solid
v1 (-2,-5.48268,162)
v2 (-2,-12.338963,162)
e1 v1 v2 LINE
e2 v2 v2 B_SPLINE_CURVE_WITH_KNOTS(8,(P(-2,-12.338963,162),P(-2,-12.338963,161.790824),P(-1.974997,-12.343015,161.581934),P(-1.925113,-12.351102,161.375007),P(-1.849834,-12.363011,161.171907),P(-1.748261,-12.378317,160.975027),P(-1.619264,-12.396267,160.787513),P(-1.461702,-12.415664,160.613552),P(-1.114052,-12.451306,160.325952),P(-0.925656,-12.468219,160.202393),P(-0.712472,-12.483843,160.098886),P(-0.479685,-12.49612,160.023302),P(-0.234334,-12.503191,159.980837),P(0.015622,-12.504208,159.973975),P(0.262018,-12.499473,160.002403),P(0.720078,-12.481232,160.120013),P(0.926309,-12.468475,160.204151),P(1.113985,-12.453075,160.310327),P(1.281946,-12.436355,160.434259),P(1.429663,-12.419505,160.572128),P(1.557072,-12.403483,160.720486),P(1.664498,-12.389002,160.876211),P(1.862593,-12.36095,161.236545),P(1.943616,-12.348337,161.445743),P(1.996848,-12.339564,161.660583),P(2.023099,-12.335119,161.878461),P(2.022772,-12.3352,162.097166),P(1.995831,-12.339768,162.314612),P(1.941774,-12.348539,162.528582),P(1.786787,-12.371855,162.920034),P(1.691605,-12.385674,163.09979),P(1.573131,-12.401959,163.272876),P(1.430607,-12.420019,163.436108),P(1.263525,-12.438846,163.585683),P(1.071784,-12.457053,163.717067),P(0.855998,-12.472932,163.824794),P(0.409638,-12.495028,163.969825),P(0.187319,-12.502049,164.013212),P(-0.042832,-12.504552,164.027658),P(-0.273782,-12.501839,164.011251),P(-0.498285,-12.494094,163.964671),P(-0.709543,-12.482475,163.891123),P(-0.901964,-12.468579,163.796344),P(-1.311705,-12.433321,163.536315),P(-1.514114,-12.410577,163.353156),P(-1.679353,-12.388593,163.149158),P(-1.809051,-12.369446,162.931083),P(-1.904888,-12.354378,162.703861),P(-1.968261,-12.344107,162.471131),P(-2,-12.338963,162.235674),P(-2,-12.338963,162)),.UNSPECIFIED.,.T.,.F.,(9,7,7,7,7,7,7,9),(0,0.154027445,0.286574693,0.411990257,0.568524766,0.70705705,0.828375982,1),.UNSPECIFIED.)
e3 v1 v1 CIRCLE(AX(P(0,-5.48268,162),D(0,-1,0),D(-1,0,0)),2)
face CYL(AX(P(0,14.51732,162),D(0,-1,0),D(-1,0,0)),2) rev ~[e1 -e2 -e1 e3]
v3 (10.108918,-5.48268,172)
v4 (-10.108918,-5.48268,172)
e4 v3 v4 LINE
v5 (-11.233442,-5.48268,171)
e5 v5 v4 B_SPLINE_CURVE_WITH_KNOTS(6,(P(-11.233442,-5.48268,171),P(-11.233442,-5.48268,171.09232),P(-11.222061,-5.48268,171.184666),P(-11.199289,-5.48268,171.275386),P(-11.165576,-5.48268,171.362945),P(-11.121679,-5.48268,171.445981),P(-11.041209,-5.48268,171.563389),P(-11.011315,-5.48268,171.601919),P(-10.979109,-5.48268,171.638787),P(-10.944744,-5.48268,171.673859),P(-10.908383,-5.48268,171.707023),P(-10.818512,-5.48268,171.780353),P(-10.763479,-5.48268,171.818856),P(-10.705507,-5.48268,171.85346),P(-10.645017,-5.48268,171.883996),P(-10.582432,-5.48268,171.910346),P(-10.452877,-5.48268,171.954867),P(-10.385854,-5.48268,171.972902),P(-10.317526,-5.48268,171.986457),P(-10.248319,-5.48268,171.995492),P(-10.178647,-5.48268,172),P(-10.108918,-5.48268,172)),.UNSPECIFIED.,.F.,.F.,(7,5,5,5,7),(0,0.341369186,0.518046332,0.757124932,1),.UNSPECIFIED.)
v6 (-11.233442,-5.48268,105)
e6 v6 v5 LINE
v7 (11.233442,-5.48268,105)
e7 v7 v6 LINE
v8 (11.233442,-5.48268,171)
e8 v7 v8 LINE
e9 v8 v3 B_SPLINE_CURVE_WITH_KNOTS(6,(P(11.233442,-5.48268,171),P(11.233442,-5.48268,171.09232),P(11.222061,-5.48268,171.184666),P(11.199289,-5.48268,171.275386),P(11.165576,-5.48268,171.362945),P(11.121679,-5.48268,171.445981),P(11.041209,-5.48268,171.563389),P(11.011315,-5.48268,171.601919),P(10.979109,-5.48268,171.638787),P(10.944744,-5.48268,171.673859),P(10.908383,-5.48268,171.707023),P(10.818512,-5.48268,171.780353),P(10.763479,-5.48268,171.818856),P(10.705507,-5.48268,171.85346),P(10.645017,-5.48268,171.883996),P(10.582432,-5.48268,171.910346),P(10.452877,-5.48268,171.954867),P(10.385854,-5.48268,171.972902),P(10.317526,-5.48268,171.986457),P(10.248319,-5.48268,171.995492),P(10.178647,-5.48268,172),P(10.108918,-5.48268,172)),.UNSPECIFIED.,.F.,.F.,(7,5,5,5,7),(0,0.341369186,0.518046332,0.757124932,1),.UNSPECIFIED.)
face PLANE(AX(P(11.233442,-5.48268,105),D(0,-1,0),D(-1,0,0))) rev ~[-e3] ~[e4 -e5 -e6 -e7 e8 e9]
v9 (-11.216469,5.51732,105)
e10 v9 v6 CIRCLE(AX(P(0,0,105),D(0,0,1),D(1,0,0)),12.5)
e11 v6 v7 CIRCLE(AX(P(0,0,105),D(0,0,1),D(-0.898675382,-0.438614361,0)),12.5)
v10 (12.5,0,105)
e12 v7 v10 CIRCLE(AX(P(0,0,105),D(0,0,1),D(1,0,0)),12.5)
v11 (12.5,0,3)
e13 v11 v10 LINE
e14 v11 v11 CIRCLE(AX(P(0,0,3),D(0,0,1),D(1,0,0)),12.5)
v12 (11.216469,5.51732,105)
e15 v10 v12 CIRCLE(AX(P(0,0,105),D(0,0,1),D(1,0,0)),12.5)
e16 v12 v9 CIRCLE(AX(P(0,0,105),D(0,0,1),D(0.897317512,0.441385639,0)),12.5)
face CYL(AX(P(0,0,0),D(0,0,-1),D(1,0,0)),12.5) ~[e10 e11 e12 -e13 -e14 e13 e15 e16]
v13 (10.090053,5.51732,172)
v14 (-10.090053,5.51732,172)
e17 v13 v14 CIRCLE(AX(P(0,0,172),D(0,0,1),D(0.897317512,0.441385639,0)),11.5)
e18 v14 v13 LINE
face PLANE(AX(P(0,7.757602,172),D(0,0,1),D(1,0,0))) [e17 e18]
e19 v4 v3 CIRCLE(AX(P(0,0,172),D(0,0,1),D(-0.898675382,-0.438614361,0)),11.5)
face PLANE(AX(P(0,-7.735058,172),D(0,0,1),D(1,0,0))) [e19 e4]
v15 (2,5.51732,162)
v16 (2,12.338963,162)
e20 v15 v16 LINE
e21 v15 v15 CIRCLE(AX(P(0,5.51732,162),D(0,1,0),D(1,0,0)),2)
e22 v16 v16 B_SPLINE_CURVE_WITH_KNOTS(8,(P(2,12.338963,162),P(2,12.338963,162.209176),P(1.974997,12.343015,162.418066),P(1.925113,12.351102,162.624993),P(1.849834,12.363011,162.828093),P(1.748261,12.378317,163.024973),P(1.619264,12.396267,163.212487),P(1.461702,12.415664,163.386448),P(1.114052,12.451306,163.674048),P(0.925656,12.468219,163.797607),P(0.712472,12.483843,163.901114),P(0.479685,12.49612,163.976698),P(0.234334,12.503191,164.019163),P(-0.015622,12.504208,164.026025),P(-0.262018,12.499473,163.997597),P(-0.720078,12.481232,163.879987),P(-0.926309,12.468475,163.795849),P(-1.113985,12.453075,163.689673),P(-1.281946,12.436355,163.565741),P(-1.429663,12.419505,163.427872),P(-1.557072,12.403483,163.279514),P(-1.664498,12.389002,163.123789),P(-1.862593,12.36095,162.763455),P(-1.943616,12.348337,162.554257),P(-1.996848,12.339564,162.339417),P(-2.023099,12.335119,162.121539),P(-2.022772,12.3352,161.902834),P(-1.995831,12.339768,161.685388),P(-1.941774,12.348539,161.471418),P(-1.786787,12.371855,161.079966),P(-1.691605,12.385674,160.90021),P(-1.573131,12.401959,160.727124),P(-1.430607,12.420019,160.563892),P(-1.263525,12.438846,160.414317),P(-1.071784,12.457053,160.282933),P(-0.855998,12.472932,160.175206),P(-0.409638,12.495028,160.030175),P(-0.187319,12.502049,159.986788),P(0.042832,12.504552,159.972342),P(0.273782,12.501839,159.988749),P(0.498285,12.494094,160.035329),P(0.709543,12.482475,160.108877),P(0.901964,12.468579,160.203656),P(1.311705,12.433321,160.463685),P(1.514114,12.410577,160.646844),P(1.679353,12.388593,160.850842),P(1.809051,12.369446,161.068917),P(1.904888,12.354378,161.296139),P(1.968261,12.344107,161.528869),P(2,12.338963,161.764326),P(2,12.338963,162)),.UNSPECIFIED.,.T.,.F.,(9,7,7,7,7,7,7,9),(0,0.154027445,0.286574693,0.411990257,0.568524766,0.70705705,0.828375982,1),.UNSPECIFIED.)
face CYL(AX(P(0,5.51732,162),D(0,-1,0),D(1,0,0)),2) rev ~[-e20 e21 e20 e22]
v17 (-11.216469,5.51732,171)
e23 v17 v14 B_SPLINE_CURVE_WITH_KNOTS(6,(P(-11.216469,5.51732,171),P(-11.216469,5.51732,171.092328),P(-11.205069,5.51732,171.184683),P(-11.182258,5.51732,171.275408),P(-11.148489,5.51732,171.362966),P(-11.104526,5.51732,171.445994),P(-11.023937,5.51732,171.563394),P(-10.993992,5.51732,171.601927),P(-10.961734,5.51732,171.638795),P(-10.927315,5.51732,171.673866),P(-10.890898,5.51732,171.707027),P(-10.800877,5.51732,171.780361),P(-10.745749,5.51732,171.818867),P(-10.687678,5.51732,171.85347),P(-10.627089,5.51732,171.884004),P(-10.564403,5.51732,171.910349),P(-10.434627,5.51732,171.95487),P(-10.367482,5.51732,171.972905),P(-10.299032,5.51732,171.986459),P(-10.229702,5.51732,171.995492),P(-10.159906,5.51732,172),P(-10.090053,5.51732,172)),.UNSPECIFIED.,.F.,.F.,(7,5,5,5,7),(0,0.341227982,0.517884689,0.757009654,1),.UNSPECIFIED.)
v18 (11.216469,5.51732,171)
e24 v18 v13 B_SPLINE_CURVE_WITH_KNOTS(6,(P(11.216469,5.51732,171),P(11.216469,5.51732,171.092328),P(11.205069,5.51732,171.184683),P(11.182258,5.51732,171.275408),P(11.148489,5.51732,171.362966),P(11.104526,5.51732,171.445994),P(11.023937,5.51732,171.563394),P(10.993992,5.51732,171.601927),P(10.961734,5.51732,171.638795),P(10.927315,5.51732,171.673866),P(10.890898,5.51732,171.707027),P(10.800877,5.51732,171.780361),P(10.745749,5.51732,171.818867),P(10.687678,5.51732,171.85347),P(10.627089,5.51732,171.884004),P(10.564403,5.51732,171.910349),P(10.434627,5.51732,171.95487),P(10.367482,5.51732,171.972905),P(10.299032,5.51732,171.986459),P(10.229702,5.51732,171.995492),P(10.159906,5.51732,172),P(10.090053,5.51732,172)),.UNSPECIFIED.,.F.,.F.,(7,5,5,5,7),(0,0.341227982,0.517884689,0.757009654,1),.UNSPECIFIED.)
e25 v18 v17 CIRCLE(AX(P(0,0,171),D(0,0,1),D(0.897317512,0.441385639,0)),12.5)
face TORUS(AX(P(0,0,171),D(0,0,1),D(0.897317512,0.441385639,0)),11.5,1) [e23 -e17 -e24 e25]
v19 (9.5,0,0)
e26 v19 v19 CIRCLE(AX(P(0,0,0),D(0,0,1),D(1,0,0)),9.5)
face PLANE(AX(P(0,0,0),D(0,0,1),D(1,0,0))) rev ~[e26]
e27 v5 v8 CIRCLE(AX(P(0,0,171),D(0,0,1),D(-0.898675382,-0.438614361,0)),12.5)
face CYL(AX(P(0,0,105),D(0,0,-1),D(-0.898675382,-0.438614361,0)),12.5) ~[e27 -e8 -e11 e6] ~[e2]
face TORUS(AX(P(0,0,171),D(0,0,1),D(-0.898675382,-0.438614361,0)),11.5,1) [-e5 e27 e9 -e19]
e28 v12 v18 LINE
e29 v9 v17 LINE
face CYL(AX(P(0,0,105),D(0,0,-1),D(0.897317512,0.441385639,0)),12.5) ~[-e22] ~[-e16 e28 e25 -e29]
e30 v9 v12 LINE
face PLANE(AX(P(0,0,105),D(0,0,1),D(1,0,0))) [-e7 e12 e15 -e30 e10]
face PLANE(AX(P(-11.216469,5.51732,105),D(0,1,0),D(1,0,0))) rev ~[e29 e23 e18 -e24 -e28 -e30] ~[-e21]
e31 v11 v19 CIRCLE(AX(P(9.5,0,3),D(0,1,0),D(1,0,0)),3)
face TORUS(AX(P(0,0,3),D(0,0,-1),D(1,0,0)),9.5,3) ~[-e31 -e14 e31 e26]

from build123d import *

# Parameters (mm, degrees)
F0_R     = 12.5
F1_DEPTH = 105
F3_DEPTH = 67
F4_R     = 3
F6_D     = 4
F6_DEPTH = 20
F6_TIP   = 1.2017212381
F7_D     = 4
F7_DEPTH = 20
F7_START = 11
F7_TIP   = 1.2017212381
F8_R     = 1


with BuildPart() as f1:
    # F0 (on Top) → F1 (new body)
    with BuildSketch(Plane.XY):
        Circle(F0_R)
    extrude(amount=F1_DEPTH)

    # F2 (on face) → F3 (join)
    with BuildSketch(Plane.XY.offset(105)):
        with BuildLine():
            Line((11.2334422785, -5.4826795069), (-11.2334422785, -5.4826795069))
            ThreePointArc((-11.2334422785, -5.4826795069), (0, -12.5), (11.2334422785, -5.4826795069))
        make_face()
        with BuildLine():
            ThreePointArc((11.2164688996, 5.5173204931), (0, 12.5), (-11.2164688996, 5.5173204931))
            Line((-11.2164688996, 5.5173204931), (11.2164688996, 5.5173204931))
        make_face()
    extrude(amount=F3_DEPTH)

    # F4
    f4_edges = [f1.edges().sort_by_distance(p)[0] for p in [
        (-12.5, 0, 0),
    ]]
    fillet(f4_edges, radius=F4_R)

    # F6 (one way)
    with BuildSketch(Plane.XZ.offset(-5.5173204931)):
        with Locations((0, 162)):
            Circle(F6_D / 2)
    extrude(amount=-F6_DEPTH, mode=Mode.SUBTRACT)
    with Locations(Plane.XZ.offset(-5.5173204931)):
        with Locations((0, 162)):
            with Locations((0, 0, -(F6_DEPTH + F6_TIP / 2))):  # 118° drill point
                Cone(0, F6_D / 2, F6_TIP, mode=Mode.SUBTRACT)

    # F7
    # its depths count from where the whole tool has entered the part; down to there all is cleared
    with Locations(Plane(origin=(0, 5.5173204931, 0), x_dir=(1, 0, 0), z_dir=(0, 1, 0)).offset(-F7_START)):
        with Locations((0, -162)):
            Hole(F7_D / 2, depth=F7_DEPTH)
            with Locations((0, 0, -(F7_DEPTH + F7_TIP / 2))):  # 118° drill point
                Cone(0, F7_D / 2, F7_TIP, mode=Mode.SUBTRACT)

    # F8
    f8_edges = [f1.edges().sort_by_distance(p)[0] for p in [
        (0, 12.5, 172),
        (0, -12.5, 172),
    ]]
    fillet(f8_edges, radius=F8_R)


solid = f1.part
